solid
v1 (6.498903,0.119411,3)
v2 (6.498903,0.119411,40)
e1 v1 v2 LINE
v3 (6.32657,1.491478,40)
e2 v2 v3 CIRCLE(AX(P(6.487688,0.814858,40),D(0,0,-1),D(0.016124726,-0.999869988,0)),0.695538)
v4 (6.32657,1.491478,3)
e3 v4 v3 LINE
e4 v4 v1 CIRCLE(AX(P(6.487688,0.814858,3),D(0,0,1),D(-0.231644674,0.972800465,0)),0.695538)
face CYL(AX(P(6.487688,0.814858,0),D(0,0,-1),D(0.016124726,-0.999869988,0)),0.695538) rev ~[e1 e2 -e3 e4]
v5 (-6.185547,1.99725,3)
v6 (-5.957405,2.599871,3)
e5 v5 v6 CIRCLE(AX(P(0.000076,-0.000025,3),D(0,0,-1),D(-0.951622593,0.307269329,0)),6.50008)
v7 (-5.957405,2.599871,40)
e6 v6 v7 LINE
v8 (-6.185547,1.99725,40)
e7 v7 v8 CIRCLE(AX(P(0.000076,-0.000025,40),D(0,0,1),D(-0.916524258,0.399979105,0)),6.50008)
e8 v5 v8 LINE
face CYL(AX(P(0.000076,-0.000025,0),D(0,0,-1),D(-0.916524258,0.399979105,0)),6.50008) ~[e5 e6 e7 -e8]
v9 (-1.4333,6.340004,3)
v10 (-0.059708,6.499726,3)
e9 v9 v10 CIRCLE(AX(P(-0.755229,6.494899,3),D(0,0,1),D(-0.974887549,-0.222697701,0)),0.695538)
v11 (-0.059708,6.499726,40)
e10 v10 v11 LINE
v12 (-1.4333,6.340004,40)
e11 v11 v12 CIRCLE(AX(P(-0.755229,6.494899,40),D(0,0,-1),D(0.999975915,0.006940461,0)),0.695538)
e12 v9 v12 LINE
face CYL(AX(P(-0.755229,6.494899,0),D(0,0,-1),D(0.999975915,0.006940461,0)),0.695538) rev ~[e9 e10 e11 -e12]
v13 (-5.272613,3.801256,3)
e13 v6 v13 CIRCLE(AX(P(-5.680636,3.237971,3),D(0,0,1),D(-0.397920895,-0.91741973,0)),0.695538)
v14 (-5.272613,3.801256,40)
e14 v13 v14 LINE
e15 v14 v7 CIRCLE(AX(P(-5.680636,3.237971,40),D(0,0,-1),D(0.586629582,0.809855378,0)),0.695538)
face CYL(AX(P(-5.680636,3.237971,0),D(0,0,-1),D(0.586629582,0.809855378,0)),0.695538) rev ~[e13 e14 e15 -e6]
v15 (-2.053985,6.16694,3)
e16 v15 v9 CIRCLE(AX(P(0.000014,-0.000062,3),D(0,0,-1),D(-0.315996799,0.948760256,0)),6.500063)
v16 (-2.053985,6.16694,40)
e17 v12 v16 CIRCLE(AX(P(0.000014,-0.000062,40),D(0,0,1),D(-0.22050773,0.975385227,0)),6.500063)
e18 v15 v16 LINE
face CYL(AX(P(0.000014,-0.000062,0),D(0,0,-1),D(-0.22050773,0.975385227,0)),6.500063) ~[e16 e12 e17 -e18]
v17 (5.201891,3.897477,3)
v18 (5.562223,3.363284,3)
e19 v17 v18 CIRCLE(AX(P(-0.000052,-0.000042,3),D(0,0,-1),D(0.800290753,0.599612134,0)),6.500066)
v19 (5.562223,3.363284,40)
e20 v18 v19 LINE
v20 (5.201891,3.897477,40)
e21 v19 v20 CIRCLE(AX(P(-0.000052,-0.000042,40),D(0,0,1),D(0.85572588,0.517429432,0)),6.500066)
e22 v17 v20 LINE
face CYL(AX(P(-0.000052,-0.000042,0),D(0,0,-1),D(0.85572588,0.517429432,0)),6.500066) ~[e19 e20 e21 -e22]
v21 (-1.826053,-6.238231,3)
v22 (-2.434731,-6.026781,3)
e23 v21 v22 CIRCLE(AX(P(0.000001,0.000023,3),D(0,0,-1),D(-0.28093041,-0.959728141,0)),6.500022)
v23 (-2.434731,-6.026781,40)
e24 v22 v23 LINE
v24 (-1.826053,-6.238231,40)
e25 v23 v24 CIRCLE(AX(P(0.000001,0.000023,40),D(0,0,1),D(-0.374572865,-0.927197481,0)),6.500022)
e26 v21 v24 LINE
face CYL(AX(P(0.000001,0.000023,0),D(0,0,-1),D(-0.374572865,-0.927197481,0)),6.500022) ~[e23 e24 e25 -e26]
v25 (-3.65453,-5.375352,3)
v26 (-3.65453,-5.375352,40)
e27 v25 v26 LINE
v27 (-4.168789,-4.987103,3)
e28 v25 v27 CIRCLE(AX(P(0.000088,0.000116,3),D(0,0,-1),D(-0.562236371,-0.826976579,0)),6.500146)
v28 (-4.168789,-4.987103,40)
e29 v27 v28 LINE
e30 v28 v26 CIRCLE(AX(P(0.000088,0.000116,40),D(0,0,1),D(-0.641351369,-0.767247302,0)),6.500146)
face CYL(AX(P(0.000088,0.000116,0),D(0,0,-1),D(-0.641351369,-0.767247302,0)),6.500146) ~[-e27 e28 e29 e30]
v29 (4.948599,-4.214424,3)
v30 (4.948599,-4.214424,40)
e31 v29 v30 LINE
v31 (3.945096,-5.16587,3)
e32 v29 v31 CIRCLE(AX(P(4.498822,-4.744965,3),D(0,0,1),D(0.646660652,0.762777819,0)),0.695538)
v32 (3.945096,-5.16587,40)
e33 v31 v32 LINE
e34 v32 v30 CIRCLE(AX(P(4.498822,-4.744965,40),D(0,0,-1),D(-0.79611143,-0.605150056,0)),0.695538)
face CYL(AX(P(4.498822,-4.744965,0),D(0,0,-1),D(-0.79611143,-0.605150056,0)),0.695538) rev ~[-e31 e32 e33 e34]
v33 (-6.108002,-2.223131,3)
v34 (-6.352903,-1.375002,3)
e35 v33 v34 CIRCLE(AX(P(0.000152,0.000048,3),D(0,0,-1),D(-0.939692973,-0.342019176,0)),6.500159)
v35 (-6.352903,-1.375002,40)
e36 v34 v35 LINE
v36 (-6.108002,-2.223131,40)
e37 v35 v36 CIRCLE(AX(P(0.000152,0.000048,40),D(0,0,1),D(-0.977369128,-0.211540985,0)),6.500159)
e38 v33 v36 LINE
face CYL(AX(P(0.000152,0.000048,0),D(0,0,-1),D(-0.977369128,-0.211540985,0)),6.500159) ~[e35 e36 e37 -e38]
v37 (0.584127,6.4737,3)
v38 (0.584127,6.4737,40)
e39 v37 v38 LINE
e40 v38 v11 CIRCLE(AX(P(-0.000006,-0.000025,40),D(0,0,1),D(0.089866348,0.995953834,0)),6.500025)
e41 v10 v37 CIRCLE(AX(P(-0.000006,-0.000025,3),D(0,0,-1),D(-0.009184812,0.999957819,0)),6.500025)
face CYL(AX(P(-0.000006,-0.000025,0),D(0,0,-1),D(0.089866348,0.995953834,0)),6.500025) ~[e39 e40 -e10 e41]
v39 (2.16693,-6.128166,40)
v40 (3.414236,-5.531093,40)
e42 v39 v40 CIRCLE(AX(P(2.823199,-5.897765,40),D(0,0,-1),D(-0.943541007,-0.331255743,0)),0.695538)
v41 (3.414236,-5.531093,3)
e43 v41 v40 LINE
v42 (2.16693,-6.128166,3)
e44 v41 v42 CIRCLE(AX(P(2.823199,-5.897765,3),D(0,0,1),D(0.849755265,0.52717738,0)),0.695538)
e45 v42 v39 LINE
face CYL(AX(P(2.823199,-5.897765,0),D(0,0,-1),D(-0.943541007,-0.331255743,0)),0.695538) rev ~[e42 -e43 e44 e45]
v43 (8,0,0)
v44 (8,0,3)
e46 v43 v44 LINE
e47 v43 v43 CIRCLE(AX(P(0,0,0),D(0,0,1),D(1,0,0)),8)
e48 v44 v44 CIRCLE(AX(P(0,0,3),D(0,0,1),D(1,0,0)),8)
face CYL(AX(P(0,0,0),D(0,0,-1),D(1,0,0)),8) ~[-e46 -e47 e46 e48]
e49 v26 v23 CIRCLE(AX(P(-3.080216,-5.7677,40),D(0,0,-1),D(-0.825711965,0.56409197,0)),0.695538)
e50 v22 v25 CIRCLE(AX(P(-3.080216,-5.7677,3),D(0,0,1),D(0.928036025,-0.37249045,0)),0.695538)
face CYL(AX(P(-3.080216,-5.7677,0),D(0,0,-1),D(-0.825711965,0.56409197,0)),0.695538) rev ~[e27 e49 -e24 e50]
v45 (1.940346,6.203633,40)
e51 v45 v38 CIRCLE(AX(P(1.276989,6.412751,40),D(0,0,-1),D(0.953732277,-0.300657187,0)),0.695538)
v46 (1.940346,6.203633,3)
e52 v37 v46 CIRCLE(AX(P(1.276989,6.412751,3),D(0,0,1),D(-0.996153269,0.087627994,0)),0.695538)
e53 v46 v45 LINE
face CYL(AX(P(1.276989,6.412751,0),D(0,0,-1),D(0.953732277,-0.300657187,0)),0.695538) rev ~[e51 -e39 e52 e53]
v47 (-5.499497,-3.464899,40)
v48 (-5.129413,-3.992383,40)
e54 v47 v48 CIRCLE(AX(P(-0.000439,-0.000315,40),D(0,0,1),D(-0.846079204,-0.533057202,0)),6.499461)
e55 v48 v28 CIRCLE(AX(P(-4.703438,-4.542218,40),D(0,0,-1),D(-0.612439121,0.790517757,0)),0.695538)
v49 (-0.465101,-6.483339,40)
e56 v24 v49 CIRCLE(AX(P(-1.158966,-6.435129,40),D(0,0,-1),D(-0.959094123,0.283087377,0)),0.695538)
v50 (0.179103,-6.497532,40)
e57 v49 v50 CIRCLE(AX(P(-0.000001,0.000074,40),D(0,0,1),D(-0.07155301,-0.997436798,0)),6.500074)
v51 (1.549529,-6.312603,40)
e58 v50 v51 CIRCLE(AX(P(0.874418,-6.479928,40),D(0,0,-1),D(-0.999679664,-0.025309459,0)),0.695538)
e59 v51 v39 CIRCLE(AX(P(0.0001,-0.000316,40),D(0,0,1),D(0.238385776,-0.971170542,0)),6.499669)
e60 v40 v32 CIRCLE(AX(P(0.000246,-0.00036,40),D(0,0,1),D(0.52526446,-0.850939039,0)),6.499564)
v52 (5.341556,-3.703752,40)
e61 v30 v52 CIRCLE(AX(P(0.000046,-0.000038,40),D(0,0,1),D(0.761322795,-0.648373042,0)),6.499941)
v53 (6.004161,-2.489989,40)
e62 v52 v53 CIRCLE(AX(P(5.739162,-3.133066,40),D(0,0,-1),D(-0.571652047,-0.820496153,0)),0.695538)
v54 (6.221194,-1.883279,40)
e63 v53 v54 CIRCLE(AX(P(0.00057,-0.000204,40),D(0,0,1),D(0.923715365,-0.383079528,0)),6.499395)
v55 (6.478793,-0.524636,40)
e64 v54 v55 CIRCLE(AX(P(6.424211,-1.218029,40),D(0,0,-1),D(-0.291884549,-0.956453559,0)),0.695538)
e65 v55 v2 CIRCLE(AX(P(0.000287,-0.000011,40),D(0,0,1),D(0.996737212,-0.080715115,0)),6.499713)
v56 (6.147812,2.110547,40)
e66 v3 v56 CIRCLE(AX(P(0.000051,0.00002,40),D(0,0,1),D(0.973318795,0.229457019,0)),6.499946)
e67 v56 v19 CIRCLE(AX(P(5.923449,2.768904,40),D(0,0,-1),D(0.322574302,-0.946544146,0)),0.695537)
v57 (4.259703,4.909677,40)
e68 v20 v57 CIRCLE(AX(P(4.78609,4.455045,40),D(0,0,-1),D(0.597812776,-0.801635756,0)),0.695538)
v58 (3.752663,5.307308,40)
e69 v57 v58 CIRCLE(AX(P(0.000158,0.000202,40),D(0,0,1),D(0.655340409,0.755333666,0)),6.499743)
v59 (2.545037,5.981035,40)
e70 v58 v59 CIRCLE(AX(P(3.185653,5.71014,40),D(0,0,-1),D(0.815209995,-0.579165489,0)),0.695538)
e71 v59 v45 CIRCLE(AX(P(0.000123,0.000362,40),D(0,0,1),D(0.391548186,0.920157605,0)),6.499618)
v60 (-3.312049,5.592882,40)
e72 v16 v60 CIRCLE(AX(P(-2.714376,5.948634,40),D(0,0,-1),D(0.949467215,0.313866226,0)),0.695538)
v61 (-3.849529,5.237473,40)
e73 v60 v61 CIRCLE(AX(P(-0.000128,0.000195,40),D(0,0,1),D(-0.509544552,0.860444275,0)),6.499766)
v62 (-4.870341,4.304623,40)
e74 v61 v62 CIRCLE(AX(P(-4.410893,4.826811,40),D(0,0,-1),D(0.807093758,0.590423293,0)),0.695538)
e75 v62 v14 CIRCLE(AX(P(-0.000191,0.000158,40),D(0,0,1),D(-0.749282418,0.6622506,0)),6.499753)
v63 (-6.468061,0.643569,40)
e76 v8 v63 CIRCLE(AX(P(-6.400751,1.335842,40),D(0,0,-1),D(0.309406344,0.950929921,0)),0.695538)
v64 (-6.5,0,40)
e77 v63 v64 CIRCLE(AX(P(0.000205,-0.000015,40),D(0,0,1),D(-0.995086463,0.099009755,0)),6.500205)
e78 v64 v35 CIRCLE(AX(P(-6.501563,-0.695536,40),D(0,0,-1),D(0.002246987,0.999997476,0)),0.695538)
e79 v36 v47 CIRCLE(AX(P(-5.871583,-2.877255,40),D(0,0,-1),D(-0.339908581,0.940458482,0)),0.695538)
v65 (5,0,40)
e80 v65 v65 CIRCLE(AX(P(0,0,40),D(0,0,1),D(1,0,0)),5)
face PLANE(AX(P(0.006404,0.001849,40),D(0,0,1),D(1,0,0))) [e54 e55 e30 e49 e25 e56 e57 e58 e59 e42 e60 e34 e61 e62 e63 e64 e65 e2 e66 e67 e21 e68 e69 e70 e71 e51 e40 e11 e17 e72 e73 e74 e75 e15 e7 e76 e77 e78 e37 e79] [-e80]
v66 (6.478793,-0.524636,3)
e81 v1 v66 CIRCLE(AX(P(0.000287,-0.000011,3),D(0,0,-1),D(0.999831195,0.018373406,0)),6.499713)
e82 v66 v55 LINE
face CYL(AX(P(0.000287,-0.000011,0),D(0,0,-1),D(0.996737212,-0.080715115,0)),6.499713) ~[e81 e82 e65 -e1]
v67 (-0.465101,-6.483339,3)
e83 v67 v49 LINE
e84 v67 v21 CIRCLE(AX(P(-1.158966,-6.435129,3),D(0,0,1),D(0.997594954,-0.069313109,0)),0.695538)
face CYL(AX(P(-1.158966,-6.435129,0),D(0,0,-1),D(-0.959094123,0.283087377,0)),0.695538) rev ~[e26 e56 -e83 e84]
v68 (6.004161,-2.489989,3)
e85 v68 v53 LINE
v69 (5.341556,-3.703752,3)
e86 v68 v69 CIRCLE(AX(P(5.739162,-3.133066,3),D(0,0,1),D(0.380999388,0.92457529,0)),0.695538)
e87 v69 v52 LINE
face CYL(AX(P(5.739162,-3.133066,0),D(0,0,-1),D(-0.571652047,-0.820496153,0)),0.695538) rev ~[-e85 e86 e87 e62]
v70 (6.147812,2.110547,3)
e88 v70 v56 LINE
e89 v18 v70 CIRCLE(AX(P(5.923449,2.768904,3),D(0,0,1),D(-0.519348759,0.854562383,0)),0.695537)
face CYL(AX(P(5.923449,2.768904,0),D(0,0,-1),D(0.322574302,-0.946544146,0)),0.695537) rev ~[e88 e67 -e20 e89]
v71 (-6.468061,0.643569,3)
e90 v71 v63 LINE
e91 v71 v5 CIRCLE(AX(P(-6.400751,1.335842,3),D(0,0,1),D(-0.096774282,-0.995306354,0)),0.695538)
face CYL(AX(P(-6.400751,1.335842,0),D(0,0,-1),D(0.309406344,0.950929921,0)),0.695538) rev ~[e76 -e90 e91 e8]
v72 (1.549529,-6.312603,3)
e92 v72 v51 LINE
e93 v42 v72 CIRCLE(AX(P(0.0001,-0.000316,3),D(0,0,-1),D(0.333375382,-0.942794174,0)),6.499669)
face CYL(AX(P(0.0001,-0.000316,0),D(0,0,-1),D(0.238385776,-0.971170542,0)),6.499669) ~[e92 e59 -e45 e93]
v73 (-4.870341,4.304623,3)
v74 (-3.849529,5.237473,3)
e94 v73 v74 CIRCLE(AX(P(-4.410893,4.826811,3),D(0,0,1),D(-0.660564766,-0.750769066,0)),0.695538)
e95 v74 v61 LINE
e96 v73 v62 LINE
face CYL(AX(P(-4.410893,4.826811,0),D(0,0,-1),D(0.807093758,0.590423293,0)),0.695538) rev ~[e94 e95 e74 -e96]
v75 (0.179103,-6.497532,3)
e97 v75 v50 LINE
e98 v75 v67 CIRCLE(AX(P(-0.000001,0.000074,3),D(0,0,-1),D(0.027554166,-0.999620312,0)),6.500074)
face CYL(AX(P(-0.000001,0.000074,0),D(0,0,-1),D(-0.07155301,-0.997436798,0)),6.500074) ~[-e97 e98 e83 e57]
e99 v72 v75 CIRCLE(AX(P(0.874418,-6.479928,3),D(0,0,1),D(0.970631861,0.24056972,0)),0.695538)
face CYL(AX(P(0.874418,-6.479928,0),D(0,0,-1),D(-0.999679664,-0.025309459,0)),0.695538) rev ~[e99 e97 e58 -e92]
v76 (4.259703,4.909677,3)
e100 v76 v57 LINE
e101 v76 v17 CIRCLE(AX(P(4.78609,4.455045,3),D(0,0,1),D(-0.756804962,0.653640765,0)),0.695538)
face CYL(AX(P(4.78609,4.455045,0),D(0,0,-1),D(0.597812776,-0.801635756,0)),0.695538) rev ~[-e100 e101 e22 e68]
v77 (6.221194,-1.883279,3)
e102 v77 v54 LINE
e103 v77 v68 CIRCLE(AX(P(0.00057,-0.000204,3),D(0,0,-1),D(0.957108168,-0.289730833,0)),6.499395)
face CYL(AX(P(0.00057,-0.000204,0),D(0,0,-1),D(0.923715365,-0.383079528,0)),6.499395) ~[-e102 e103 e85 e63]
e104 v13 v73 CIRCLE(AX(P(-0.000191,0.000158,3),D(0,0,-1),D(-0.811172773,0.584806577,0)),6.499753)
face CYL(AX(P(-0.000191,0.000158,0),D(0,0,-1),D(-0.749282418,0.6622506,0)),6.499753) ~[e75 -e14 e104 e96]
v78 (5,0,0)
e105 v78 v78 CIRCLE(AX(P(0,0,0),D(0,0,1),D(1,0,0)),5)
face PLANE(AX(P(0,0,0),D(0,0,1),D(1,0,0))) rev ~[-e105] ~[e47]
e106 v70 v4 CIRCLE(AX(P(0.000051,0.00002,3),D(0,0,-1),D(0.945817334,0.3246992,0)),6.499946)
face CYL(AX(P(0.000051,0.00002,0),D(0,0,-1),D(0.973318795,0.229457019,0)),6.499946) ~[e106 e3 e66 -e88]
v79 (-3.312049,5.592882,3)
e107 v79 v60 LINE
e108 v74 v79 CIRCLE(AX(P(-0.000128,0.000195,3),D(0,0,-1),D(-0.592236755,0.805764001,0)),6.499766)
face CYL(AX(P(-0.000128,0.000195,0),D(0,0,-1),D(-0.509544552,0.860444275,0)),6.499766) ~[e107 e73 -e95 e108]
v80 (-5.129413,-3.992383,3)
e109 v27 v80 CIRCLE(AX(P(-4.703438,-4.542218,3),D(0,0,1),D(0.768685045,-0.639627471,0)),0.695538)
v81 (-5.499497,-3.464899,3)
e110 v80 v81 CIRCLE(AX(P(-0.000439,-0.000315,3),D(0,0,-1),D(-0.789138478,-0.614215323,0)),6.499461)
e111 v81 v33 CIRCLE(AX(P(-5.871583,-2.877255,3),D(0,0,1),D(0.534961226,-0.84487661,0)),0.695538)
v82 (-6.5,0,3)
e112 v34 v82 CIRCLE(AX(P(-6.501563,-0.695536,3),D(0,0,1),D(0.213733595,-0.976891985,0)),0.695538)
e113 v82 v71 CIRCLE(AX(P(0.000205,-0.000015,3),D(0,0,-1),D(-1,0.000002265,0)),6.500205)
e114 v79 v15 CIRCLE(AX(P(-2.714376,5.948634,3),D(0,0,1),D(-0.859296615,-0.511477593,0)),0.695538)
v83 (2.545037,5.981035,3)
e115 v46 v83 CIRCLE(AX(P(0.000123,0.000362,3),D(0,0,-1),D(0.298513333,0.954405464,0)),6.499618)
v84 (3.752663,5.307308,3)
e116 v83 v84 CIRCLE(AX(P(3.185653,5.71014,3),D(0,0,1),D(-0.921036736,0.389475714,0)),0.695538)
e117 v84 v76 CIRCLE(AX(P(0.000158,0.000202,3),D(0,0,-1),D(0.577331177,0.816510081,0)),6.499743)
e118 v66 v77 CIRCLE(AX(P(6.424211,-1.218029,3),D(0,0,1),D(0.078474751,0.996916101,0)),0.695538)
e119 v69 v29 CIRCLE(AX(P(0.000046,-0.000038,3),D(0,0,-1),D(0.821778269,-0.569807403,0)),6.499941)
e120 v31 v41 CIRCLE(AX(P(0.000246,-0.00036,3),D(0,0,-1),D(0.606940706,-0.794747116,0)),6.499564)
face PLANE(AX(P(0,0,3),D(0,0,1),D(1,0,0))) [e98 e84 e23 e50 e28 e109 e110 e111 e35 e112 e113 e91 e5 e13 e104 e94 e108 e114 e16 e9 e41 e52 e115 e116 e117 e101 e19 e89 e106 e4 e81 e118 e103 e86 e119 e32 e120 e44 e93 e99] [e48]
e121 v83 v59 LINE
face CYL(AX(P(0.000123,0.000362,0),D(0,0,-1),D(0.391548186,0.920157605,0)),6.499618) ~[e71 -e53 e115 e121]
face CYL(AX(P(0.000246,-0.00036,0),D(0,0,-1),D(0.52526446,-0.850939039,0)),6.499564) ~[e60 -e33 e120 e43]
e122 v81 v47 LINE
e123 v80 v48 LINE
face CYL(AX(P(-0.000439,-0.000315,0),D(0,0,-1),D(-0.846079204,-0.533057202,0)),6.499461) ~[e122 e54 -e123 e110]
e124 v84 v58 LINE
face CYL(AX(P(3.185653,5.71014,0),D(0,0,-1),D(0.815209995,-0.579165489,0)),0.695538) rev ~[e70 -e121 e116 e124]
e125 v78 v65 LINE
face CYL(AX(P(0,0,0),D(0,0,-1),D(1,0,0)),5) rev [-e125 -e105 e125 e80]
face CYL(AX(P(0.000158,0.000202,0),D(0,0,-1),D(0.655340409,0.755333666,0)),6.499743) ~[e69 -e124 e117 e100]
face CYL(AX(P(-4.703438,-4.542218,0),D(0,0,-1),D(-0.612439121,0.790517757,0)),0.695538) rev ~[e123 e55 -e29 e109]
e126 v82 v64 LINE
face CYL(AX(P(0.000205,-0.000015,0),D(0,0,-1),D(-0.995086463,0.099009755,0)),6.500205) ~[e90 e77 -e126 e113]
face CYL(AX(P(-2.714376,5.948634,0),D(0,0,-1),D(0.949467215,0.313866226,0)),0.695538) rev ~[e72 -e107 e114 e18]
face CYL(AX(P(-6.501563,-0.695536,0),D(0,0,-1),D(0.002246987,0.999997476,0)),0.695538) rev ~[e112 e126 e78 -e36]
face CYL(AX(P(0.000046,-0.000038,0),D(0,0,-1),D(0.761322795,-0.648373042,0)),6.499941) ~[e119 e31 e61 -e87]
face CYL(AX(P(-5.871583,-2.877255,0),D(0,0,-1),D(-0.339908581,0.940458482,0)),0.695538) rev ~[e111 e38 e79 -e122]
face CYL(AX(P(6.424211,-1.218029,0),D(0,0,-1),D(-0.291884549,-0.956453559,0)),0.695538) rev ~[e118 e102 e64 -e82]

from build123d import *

# Parameters (mm, degrees)
F0_R     = 5
F1_DEPTH = 40
F0_R_2   = 8
F2_DEPTH = 3


with BuildPart() as f1:
    # F0 (on Top) → F1 (new body)
    with BuildSketch(Plane.XY):
        with BuildLine():
            ThreePointArc((-3.849529, 5.237473), (-3.941693, 4.313368), (-4.870341, 4.304623))
            ThreePointArc((-4.870341, 4.304623), (-5.077719, 4.057927), (-5.272613, 3.801256))
            ThreePointArc((-5.272613, 3.801256), (-5.076369, 2.893538), (-5.957405, 2.599871))
            ThreePointArc((-5.957405, 2.599871), (-6.078948, 2.301389), (-6.185547, 1.99725))
            ThreePointArc((-6.185547, 1.99725), (-5.719883, 1.193744), (-6.468061, 0.643569))
            ThreePointArc((-6.468061, 0.643569), (-6.49201, 0.32218), (-6.5, 0))
            ThreePointArc((-6.5, 0), (-5.809971, -0.62155), (-6.352903, -1.375002))
            ThreePointArc((-6.352903, -1.375002), (-6.244867, -1.803229), (-6.108002, -2.223131))
            ThreePointArc((-6.108002, -2.223131), (-5.247004, -2.571193), (-5.499497, -3.464899))
            ThreePointArc((-5.499497, -3.464899), (-5.320996, -3.73323), (-5.129413, -3.992383))
            ThreePointArc((-5.129413, -3.992383), (-4.203119, -4.059048), (-4.168789, -4.987103))
            ThreePointArc((-4.168789, -4.987103), (-3.916473, -5.187604), (-3.65453, -5.375352))
            ThreePointArc((-3.65453, -5.375352), (-2.752563, -5.154171), (-2.434731, -6.026781))
            ThreePointArc((-2.434731, -6.026781), (-2.133014, -6.140053), (-1.826053, -6.238231))
            ThreePointArc((-1.826053, -6.238231), (-1.035683, -5.750604), (-0.465101, -6.483339))
            ThreePointArc((-0.465101, -6.483339), (-0.143175, -6.498423), (0.179103, -6.497532))
            ThreePointArc((0.179103, -6.497532), (0.781404, -5.790638), (1.549529, -6.312603))
            ThreePointArc((1.549529, -6.312603), (1.860517, -6.22804), (2.16693, -6.128166))
            ThreePointArc((2.16693, -6.128166), (2.522886, -5.270401), (3.414236, -5.531093))
            ThreePointArc((3.414236, -5.531093), (3.684195, -5.355064), (3.945096, -5.16587))
            ThreePointArc((3.945096, -5.16587), (4.020268, -4.240228), (4.948599, -4.214424))
            ThreePointArc((4.948599, -4.214424), (5.151409, -3.963961), (5.341556, -3.703752))
            ThreePointArc((5.341556, -3.703752), (5.128669, -2.799792), (6.004161, -2.489989))
            ThreePointArc((6.004161, -2.489989), (6.120201, -2.189325), (6.221194, -1.883279))
            ThreePointArc((6.221194, -1.883279), (5.740847, -1.088464), (6.478793, -0.524636))
            ThreePointArc((6.478793, -0.524636), (6.496834, -0.202862), (6.498903, 0.119411))
            ThreePointArc((6.498903, 0.119411), (5.797572, 0.728179), (6.32657, 1.491478))
            ThreePointArc((6.32657, 1.491478), (6.244867, 1.803229), (6.147812, 2.110547))
            ThreePointArc((6.147812, 2.110547), (5.293354, 2.474367), (5.562223, 3.363284))
            ThreePointArc((5.562223, 3.363284), (5.38868, 3.634849), (5.201891, 3.897477))
            ThreePointArc((5.201891, 3.897477), (4.276978, 3.981148), (4.259703, 4.909677))
            ThreePointArc((4.259703, 4.909677), (4.011113, 5.11478), (3.752663, 5.307308))
            ThreePointArc((3.752663, 5.307308), (2.846785, 5.102734), (2.545037, 5.981035))
            ThreePointArc((2.545037, 5.981035), (2.245452, 6.099832), (1.940346, 6.203633))
            ThreePointArc((1.940346, 6.203633), (1.141152, 5.730607), (0.584127, 6.4737))
            ThreePointArc((0.584127, 6.4737), (0.262532, 6.494696), (-0.059708, 6.499726))
            ThreePointArc((-0.059708, 6.499726), (-0.674893, 5.804016), (-1.4333, 6.340004))
            ThreePointArc((-1.4333, 6.340004), (-1.745788, 6.261168), (-2.053985, 6.16694))
            ThreePointArc((-2.053985, 6.16694), (-2.425639, 5.315859), (-3.312049, 5.592882))
            ThreePointArc((-3.312049, 5.592882), (-3.585196, 5.421842), (-3.849529, 5.237473))
        make_face()
        Circle(F0_R, mode=Mode.SUBTRACT)
    extrude(amount=F1_DEPTH)

    # F0 (on Top) → F2 (join)
    with BuildSketch(Plane.XY):
        Circle(F0_R_2)
        with BuildLine():
            ThreePointArc((-5.272613, 3.801256), (-5.077719, 4.057927), (-4.870341, 4.304623))
            ThreePointArc((-4.870341, 4.304623), (-3.941693, 4.313368), (-3.849529, 5.237473))
            ThreePointArc((-3.849529, 5.237473), (-3.585196, 5.421842), (-3.312049, 5.592882))
            ThreePointArc((-3.312049, 5.592882), (-2.425639, 5.315859), (-2.053985, 6.16694))
            ThreePointArc((-2.053985, 6.16694), (-1.745788, 6.261168), (-1.4333, 6.340004))
            ThreePointArc((-1.4333, 6.340004), (-0.674893, 5.804016), (-0.059708, 6.499726))
            ThreePointArc((-0.059708, 6.499726), (0.262532, 6.494696), (0.584127, 6.4737))
            ThreePointArc((0.584127, 6.4737), (1.141152, 5.730607), (1.940346, 6.203633))
            ThreePointArc((1.940346, 6.203633), (2.245452, 6.099832), (2.545037, 5.981035))
            ThreePointArc((2.545037, 5.981035), (2.846785, 5.102734), (3.752663, 5.307308))
            ThreePointArc((3.752663, 5.307308), (4.011113, 5.11478), (4.259703, 4.909677))
            ThreePointArc((4.259703, 4.909677), (4.276978, 3.981148), (5.201891, 3.897477))
            ThreePointArc((5.201891, 3.897477), (5.38868, 3.634849), (5.562223, 3.363284))
            ThreePointArc((5.562223, 3.363284), (5.293354, 2.474367), (6.147812, 2.110547))
            ThreePointArc((6.147812, 2.110547), (6.244867, 1.803229), (6.32657, 1.491478))
            ThreePointArc((6.32657, 1.491478), (5.797572, 0.728179), (6.498903, 0.119411))
            ThreePointArc((6.498903, 0.119411), (6.496834, -0.202862), (6.478793, -0.524636))
            ThreePointArc((6.478793, -0.524636), (5.740847, -1.088464), (6.221194, -1.883279))
            ThreePointArc((6.221194, -1.883279), (6.120201, -2.189325), (6.004161, -2.489989))
            ThreePointArc((6.004161, -2.489989), (5.128669, -2.799792), (5.341556, -3.703752))
            ThreePointArc((5.341556, -3.703752), (5.151409, -3.963961), (4.948599, -4.214424))
            ThreePointArc((4.948599, -4.214424), (4.020268, -4.240228), (3.945096, -5.16587))
            ThreePointArc((3.945096, -5.16587), (3.684195, -5.355064), (3.414236, -5.531093))
            ThreePointArc((3.414236, -5.531093), (2.522886, -5.270401), (2.16693, -6.128166))
            ThreePointArc((2.16693, -6.128166), (1.860517, -6.22804), (1.549529, -6.312603))
            ThreePointArc((1.549529, -6.312603), (0.781404, -5.790638), (0.179103, -6.497532))
            ThreePointArc((0.179103, -6.497532), (-0.143175, -6.498423), (-0.465101, -6.483339))
            ThreePointArc((-0.465101, -6.483339), (-1.035683, -5.750604), (-1.826053, -6.238231))
            ThreePointArc((-1.826053, -6.238231), (-2.133014, -6.140053), (-2.434731, -6.026781))
            ThreePointArc((-2.434731, -6.026781), (-2.752563, -5.154171), (-3.65453, -5.375352))
            ThreePointArc((-3.65453, -5.375352), (-3.916473, -5.187604), (-4.168789, -4.987103))
            ThreePointArc((-4.168789, -4.987103), (-4.203119, -4.059048), (-5.129413, -3.992383))
            ThreePointArc((-5.129413, -3.992383), (-5.320996, -3.73323), (-5.499497, -3.464899))
            ThreePointArc((-5.499497, -3.464899), (-5.247004, -2.571193), (-6.108002, -2.223131))
            ThreePointArc((-6.108002, -2.223131), (-6.244867, -1.803229), (-6.352903, -1.375002))
            ThreePointArc((-6.352903, -1.375002), (-5.809971, -0.62155), (-6.5, 0))
            ThreePointArc((-6.5, 0), (-6.49201, 0.32218), (-6.468061, 0.643569))
            ThreePointArc((-6.468061, 0.643569), (-5.719883, 1.193744), (-6.185547, 1.99725))
            ThreePointArc((-6.185547, 1.99725), (-6.078948, 2.301389), (-5.957405, 2.599871))
            ThreePointArc((-5.957405, 2.599871), (-5.076369, 2.893538), (-5.272613, 3.801256))
        make_face(mode=Mode.SUBTRACT)
    extrude(amount=F2_DEPTH)


solid = f1.part
